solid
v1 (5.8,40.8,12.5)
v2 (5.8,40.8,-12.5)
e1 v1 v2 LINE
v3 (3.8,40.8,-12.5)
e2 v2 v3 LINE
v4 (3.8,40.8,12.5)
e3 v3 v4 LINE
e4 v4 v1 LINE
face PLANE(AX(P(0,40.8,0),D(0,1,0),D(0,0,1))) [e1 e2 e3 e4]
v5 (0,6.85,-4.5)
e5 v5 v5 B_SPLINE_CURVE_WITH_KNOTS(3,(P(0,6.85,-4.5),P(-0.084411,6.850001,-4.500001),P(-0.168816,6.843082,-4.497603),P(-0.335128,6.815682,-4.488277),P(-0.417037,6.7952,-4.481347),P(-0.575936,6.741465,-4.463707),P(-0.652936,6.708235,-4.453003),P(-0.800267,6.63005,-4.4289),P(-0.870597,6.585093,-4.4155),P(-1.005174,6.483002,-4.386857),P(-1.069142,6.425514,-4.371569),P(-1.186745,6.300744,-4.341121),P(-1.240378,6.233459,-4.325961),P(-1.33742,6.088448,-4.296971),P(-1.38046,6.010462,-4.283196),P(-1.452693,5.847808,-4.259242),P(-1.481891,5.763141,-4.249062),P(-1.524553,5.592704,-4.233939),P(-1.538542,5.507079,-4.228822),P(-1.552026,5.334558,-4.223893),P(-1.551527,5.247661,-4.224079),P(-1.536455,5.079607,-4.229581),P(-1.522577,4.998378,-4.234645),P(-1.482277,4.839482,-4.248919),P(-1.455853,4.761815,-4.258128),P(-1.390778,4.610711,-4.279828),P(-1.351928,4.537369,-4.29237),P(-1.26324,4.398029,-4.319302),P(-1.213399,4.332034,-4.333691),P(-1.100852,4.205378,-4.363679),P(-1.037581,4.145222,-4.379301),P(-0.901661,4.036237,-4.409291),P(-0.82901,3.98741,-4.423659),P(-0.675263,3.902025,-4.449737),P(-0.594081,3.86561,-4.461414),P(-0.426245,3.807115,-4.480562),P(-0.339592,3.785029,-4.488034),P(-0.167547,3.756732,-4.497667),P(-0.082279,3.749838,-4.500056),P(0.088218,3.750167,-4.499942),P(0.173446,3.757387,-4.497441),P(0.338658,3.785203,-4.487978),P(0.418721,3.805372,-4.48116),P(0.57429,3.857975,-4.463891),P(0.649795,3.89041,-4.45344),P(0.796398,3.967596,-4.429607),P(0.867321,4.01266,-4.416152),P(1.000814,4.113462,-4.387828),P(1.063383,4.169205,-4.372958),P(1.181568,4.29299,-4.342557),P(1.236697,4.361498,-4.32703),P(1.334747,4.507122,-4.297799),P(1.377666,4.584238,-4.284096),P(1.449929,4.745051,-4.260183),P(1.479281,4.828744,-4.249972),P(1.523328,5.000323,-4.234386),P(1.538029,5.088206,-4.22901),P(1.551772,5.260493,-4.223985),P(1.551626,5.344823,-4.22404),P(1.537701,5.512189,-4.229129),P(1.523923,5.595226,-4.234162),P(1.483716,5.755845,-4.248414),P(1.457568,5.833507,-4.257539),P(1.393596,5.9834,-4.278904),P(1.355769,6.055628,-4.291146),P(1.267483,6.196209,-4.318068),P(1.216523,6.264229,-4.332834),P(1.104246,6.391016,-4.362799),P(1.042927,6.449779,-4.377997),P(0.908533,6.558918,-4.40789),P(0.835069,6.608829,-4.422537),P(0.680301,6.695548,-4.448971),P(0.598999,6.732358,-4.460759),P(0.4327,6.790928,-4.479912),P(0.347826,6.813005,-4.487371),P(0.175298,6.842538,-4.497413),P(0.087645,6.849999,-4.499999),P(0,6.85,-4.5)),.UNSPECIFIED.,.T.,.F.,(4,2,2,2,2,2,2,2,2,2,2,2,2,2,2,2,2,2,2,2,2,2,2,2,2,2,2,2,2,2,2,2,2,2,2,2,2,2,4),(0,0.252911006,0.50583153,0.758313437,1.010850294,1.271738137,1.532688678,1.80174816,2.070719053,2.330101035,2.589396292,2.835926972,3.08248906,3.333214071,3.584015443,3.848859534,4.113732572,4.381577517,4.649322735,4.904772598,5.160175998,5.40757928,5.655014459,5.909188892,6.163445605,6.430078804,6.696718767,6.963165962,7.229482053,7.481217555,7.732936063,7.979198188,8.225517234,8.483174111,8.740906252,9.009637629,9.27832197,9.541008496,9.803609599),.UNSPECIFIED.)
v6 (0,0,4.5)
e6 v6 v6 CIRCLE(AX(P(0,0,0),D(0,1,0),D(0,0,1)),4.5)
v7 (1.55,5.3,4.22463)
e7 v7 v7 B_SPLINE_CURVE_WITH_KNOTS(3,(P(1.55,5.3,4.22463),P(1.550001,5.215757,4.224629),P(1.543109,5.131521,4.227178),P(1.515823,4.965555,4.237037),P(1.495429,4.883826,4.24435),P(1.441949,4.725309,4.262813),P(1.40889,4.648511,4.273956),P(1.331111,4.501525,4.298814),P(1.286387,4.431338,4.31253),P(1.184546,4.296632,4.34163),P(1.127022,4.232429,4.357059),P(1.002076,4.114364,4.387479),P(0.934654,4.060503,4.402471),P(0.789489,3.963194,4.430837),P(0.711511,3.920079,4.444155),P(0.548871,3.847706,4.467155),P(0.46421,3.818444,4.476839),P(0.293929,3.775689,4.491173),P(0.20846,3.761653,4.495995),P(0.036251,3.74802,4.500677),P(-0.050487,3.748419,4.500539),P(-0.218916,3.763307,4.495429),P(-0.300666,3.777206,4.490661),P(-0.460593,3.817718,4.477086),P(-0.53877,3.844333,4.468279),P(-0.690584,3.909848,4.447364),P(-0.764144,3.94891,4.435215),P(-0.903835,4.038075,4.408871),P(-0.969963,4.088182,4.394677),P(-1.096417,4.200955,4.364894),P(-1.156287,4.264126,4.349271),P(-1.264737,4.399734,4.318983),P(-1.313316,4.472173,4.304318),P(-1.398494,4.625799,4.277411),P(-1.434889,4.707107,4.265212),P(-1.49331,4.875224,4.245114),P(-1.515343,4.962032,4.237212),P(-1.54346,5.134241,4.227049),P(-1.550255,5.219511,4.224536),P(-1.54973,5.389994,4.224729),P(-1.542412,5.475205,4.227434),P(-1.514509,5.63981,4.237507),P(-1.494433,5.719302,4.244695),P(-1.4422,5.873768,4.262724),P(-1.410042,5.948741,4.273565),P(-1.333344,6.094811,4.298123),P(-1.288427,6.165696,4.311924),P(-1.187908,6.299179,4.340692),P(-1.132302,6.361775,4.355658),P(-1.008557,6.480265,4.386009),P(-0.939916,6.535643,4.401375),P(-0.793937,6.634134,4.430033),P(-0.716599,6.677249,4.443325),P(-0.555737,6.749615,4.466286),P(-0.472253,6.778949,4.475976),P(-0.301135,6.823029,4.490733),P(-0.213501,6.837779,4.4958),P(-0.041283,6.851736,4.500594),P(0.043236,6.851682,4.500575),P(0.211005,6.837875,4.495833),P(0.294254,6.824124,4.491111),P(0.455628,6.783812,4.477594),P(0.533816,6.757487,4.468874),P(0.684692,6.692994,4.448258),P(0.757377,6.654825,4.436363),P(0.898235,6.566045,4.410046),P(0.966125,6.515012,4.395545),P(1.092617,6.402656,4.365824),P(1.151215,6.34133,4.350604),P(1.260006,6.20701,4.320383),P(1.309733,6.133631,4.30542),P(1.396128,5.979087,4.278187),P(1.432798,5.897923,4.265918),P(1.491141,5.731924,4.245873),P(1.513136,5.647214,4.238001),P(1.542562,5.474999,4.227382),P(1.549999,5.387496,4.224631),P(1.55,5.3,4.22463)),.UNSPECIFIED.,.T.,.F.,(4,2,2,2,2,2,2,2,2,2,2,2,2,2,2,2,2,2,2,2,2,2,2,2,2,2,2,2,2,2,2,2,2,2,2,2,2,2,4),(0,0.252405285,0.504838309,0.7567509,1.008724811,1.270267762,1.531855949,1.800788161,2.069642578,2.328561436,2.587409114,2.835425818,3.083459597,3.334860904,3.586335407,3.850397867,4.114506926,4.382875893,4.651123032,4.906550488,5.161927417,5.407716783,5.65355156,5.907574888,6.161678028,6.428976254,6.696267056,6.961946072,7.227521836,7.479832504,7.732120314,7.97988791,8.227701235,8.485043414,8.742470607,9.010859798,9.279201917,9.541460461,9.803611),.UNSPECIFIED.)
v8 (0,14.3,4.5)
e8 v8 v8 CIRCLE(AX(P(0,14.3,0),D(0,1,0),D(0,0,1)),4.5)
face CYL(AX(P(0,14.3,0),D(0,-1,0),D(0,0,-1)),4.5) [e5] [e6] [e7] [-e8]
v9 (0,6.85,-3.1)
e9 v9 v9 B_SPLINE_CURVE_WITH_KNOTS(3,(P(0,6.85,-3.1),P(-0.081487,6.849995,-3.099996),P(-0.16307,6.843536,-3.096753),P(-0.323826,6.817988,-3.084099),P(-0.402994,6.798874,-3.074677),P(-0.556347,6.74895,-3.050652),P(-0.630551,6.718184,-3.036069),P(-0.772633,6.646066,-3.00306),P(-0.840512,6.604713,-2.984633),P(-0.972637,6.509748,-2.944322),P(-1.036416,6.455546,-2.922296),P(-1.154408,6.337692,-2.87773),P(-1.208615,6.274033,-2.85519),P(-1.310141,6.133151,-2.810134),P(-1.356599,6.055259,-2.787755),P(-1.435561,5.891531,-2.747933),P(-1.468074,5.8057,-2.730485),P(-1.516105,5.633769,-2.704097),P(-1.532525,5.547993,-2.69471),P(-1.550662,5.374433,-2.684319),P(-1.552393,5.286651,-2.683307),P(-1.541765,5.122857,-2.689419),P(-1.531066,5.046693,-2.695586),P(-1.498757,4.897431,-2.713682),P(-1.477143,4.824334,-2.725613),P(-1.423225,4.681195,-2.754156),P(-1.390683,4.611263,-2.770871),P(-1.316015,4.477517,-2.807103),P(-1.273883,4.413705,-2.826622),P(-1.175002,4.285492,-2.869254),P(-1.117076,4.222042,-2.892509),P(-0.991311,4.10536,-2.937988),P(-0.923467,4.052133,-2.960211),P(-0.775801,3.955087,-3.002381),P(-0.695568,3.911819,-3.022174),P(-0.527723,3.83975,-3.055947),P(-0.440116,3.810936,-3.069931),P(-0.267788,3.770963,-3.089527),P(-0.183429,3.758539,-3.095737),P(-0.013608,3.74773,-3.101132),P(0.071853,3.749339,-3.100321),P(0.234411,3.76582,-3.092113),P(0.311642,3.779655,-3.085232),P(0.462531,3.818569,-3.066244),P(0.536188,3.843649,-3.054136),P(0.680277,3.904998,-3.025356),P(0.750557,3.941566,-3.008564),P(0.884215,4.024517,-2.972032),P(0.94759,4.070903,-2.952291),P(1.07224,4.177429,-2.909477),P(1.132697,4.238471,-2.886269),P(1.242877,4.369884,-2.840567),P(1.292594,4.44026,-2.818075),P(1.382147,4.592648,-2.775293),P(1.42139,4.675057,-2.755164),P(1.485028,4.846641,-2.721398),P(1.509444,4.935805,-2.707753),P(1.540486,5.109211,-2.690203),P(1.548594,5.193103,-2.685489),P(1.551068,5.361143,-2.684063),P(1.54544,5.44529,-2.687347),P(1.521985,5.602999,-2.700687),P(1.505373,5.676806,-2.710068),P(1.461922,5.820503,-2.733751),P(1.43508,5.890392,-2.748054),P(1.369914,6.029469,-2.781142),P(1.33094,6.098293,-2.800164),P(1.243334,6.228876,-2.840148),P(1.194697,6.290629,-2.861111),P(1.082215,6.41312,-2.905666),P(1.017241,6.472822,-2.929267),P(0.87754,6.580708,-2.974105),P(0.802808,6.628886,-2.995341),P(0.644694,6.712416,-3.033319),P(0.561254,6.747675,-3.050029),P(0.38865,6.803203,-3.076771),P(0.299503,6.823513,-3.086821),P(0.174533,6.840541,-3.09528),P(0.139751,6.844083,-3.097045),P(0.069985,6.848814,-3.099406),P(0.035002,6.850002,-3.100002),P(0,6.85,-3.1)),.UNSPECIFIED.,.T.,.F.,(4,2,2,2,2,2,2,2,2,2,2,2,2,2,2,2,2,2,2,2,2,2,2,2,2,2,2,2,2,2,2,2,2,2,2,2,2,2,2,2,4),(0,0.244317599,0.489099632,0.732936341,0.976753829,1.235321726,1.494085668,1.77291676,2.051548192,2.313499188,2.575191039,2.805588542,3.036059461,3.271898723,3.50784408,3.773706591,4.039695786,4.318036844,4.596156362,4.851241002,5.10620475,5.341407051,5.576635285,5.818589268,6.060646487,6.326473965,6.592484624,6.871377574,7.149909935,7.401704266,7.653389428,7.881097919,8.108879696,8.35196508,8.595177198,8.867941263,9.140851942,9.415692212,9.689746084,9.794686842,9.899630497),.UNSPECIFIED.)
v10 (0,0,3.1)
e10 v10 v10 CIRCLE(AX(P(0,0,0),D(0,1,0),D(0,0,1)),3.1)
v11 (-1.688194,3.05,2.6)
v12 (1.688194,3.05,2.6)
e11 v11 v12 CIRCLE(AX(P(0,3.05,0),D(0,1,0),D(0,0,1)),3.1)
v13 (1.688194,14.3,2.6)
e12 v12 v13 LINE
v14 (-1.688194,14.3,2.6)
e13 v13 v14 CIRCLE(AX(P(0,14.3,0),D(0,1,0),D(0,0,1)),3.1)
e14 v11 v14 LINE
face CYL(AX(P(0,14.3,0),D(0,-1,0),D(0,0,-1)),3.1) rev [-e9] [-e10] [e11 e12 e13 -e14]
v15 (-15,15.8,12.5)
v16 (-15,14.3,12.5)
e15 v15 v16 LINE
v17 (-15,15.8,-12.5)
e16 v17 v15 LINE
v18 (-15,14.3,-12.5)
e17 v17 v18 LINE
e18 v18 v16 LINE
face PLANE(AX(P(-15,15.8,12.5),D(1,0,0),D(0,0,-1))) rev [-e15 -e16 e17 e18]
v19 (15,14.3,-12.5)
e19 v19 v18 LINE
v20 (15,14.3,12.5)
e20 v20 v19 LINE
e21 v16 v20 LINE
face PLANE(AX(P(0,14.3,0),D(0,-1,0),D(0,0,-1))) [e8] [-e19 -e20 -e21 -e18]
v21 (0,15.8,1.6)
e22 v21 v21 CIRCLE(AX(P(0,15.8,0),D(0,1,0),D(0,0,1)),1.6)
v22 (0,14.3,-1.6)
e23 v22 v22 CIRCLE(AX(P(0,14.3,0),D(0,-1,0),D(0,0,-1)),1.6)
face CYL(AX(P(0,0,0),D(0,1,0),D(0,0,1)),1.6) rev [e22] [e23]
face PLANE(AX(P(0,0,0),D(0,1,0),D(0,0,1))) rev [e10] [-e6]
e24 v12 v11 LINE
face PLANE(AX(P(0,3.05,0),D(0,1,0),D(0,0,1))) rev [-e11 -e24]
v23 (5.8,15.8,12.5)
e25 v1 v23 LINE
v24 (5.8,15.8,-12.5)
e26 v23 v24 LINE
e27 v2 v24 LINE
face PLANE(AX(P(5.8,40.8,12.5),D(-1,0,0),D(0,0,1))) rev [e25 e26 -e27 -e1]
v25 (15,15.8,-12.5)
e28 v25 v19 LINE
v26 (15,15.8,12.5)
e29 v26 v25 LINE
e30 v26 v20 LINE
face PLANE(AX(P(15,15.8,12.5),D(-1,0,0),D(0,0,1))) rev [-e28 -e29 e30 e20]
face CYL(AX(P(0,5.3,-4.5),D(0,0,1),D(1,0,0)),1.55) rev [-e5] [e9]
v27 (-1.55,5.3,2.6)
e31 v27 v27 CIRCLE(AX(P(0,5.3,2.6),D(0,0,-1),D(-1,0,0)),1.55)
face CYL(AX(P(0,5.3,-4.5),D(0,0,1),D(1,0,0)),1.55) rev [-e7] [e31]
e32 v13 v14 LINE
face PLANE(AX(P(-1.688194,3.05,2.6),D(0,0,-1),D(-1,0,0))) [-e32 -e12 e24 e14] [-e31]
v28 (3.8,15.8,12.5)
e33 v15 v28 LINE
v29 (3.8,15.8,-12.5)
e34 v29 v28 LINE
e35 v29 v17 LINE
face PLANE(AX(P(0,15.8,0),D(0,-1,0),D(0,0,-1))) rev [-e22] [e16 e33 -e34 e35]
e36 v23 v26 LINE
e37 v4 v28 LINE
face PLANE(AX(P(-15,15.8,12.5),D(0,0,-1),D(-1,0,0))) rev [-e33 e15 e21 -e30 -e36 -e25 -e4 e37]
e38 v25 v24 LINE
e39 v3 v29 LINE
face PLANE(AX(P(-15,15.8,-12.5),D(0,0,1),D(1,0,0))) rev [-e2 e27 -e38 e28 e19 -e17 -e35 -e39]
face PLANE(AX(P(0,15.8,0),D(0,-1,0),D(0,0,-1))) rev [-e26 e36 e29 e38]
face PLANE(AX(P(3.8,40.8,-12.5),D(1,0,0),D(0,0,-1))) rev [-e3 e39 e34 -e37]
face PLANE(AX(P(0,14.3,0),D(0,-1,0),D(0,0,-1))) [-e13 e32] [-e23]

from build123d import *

# Parameters (mm, degrees)
SKETCH_1_R               = 4.5
SKETCH_1_R_2             = 3.1
EXTRUDE_1_DEPTH          = 14.3
EXTRUDE_START            = -11.25
EXTRUDE_2_DEPTH          = 11.25
CUT_EXTRUDE_1_DEPTH      = 16.652156401
CUT_EXTRUDE_1_DEPTH_BACK = 16.652156401
SKETCH_3_R               = 1.55
SKETCH_4_W               = 30
SKETCH_4_H               = 25
EXTRUDE_3_DEPTH          = 1.5
SKETCH_5_R               = 1.6
CUT_EXTRUDE_2_DEPTH      = 26.117523826
SKETCH_6_W               = 2
SKETCH_6_H               = 25
EXTRUDE_4_DEPTH          = 25


with BuildPart() as part:
    # 草图1 → 凸台-拉伸1 (new body)
    with BuildSketch(Plane(origin=(0, 0, 0), x_dir=(1, 0, 0), z_dir=(0, 1, 0))):
        with Locations(Location((0, 0, 0), (0, 0, 270))):
            Circle(SKETCH_1_R)
        with Locations(Location((0, 0, 0), (0, 0, 270))):
            Circle(SKETCH_1_R_2, mode=Mode.SUBTRACT)
    extrude(amount=EXTRUDE_1_DEPTH)

    # 草图2 → 凸台-拉伸2 (add)
    with BuildSketch(Plane(origin=(0, 14.3, 0), x_dir=(1, 0, 0), z_dir=(0, 1, 0)).offset(EXTRUDE_START)):
        with BuildLine():
            Line((-1.688194302, -2.6), (1.688194302, -2.6))
            ThreePointArc((1.688194302, -2.6), (0, -3.1), (-1.688194302, -2.6))
        make_face()
    extrude(amount=EXTRUDE_2_DEPTH)

    # 草图3 → 切除-拉伸1 (cut, two sides: drawn at the far end of the back side and taken through both)
    with BuildSketch(Plane.XY.offset(-CUT_EXTRUDE_1_DEPTH_BACK)):
        with Locations((0, 5.3)):
            Circle(SKETCH_3_R)
    extrude(amount=CUT_EXTRUDE_1_DEPTH + CUT_EXTRUDE_1_DEPTH_BACK, mode=Mode.SUBTRACT)

    # 草图4 → 凸台-拉伸3 (add)
    with BuildSketch(Plane(origin=(0, 14.3, 0), x_dir=(1, 0, 0), z_dir=(0, 1, 0))):
        Rectangle(SKETCH_4_W, SKETCH_4_H)
    extrude(amount=EXTRUDE_3_DEPTH)

    # 草图5 → 切除-拉伸2 (cut, through all)
    with BuildSketch(Plane(origin=(0, 15.8, 0), x_dir=(1, 0, 0), z_dir=(0, 1, 0))):
        with Locations(Location((0, 0, 0), (0, 0, 270))):
            Circle(SKETCH_5_R)
    extrude(amount=-CUT_EXTRUDE_2_DEPTH, mode=Mode.SUBTRACT)

    # 草图6 → 凸台-拉伸4 (add)
    with BuildSketch(Plane(origin=(0, 15.8, 0), x_dir=(1, 0, 0), z_dir=(0, 1, 0))):
        with Locations((4.8, 0)):
            Rectangle(SKETCH_6_W, SKETCH_6_H)
    extrude(amount=EXTRUDE_4_DEPTH)


solid = part.part
